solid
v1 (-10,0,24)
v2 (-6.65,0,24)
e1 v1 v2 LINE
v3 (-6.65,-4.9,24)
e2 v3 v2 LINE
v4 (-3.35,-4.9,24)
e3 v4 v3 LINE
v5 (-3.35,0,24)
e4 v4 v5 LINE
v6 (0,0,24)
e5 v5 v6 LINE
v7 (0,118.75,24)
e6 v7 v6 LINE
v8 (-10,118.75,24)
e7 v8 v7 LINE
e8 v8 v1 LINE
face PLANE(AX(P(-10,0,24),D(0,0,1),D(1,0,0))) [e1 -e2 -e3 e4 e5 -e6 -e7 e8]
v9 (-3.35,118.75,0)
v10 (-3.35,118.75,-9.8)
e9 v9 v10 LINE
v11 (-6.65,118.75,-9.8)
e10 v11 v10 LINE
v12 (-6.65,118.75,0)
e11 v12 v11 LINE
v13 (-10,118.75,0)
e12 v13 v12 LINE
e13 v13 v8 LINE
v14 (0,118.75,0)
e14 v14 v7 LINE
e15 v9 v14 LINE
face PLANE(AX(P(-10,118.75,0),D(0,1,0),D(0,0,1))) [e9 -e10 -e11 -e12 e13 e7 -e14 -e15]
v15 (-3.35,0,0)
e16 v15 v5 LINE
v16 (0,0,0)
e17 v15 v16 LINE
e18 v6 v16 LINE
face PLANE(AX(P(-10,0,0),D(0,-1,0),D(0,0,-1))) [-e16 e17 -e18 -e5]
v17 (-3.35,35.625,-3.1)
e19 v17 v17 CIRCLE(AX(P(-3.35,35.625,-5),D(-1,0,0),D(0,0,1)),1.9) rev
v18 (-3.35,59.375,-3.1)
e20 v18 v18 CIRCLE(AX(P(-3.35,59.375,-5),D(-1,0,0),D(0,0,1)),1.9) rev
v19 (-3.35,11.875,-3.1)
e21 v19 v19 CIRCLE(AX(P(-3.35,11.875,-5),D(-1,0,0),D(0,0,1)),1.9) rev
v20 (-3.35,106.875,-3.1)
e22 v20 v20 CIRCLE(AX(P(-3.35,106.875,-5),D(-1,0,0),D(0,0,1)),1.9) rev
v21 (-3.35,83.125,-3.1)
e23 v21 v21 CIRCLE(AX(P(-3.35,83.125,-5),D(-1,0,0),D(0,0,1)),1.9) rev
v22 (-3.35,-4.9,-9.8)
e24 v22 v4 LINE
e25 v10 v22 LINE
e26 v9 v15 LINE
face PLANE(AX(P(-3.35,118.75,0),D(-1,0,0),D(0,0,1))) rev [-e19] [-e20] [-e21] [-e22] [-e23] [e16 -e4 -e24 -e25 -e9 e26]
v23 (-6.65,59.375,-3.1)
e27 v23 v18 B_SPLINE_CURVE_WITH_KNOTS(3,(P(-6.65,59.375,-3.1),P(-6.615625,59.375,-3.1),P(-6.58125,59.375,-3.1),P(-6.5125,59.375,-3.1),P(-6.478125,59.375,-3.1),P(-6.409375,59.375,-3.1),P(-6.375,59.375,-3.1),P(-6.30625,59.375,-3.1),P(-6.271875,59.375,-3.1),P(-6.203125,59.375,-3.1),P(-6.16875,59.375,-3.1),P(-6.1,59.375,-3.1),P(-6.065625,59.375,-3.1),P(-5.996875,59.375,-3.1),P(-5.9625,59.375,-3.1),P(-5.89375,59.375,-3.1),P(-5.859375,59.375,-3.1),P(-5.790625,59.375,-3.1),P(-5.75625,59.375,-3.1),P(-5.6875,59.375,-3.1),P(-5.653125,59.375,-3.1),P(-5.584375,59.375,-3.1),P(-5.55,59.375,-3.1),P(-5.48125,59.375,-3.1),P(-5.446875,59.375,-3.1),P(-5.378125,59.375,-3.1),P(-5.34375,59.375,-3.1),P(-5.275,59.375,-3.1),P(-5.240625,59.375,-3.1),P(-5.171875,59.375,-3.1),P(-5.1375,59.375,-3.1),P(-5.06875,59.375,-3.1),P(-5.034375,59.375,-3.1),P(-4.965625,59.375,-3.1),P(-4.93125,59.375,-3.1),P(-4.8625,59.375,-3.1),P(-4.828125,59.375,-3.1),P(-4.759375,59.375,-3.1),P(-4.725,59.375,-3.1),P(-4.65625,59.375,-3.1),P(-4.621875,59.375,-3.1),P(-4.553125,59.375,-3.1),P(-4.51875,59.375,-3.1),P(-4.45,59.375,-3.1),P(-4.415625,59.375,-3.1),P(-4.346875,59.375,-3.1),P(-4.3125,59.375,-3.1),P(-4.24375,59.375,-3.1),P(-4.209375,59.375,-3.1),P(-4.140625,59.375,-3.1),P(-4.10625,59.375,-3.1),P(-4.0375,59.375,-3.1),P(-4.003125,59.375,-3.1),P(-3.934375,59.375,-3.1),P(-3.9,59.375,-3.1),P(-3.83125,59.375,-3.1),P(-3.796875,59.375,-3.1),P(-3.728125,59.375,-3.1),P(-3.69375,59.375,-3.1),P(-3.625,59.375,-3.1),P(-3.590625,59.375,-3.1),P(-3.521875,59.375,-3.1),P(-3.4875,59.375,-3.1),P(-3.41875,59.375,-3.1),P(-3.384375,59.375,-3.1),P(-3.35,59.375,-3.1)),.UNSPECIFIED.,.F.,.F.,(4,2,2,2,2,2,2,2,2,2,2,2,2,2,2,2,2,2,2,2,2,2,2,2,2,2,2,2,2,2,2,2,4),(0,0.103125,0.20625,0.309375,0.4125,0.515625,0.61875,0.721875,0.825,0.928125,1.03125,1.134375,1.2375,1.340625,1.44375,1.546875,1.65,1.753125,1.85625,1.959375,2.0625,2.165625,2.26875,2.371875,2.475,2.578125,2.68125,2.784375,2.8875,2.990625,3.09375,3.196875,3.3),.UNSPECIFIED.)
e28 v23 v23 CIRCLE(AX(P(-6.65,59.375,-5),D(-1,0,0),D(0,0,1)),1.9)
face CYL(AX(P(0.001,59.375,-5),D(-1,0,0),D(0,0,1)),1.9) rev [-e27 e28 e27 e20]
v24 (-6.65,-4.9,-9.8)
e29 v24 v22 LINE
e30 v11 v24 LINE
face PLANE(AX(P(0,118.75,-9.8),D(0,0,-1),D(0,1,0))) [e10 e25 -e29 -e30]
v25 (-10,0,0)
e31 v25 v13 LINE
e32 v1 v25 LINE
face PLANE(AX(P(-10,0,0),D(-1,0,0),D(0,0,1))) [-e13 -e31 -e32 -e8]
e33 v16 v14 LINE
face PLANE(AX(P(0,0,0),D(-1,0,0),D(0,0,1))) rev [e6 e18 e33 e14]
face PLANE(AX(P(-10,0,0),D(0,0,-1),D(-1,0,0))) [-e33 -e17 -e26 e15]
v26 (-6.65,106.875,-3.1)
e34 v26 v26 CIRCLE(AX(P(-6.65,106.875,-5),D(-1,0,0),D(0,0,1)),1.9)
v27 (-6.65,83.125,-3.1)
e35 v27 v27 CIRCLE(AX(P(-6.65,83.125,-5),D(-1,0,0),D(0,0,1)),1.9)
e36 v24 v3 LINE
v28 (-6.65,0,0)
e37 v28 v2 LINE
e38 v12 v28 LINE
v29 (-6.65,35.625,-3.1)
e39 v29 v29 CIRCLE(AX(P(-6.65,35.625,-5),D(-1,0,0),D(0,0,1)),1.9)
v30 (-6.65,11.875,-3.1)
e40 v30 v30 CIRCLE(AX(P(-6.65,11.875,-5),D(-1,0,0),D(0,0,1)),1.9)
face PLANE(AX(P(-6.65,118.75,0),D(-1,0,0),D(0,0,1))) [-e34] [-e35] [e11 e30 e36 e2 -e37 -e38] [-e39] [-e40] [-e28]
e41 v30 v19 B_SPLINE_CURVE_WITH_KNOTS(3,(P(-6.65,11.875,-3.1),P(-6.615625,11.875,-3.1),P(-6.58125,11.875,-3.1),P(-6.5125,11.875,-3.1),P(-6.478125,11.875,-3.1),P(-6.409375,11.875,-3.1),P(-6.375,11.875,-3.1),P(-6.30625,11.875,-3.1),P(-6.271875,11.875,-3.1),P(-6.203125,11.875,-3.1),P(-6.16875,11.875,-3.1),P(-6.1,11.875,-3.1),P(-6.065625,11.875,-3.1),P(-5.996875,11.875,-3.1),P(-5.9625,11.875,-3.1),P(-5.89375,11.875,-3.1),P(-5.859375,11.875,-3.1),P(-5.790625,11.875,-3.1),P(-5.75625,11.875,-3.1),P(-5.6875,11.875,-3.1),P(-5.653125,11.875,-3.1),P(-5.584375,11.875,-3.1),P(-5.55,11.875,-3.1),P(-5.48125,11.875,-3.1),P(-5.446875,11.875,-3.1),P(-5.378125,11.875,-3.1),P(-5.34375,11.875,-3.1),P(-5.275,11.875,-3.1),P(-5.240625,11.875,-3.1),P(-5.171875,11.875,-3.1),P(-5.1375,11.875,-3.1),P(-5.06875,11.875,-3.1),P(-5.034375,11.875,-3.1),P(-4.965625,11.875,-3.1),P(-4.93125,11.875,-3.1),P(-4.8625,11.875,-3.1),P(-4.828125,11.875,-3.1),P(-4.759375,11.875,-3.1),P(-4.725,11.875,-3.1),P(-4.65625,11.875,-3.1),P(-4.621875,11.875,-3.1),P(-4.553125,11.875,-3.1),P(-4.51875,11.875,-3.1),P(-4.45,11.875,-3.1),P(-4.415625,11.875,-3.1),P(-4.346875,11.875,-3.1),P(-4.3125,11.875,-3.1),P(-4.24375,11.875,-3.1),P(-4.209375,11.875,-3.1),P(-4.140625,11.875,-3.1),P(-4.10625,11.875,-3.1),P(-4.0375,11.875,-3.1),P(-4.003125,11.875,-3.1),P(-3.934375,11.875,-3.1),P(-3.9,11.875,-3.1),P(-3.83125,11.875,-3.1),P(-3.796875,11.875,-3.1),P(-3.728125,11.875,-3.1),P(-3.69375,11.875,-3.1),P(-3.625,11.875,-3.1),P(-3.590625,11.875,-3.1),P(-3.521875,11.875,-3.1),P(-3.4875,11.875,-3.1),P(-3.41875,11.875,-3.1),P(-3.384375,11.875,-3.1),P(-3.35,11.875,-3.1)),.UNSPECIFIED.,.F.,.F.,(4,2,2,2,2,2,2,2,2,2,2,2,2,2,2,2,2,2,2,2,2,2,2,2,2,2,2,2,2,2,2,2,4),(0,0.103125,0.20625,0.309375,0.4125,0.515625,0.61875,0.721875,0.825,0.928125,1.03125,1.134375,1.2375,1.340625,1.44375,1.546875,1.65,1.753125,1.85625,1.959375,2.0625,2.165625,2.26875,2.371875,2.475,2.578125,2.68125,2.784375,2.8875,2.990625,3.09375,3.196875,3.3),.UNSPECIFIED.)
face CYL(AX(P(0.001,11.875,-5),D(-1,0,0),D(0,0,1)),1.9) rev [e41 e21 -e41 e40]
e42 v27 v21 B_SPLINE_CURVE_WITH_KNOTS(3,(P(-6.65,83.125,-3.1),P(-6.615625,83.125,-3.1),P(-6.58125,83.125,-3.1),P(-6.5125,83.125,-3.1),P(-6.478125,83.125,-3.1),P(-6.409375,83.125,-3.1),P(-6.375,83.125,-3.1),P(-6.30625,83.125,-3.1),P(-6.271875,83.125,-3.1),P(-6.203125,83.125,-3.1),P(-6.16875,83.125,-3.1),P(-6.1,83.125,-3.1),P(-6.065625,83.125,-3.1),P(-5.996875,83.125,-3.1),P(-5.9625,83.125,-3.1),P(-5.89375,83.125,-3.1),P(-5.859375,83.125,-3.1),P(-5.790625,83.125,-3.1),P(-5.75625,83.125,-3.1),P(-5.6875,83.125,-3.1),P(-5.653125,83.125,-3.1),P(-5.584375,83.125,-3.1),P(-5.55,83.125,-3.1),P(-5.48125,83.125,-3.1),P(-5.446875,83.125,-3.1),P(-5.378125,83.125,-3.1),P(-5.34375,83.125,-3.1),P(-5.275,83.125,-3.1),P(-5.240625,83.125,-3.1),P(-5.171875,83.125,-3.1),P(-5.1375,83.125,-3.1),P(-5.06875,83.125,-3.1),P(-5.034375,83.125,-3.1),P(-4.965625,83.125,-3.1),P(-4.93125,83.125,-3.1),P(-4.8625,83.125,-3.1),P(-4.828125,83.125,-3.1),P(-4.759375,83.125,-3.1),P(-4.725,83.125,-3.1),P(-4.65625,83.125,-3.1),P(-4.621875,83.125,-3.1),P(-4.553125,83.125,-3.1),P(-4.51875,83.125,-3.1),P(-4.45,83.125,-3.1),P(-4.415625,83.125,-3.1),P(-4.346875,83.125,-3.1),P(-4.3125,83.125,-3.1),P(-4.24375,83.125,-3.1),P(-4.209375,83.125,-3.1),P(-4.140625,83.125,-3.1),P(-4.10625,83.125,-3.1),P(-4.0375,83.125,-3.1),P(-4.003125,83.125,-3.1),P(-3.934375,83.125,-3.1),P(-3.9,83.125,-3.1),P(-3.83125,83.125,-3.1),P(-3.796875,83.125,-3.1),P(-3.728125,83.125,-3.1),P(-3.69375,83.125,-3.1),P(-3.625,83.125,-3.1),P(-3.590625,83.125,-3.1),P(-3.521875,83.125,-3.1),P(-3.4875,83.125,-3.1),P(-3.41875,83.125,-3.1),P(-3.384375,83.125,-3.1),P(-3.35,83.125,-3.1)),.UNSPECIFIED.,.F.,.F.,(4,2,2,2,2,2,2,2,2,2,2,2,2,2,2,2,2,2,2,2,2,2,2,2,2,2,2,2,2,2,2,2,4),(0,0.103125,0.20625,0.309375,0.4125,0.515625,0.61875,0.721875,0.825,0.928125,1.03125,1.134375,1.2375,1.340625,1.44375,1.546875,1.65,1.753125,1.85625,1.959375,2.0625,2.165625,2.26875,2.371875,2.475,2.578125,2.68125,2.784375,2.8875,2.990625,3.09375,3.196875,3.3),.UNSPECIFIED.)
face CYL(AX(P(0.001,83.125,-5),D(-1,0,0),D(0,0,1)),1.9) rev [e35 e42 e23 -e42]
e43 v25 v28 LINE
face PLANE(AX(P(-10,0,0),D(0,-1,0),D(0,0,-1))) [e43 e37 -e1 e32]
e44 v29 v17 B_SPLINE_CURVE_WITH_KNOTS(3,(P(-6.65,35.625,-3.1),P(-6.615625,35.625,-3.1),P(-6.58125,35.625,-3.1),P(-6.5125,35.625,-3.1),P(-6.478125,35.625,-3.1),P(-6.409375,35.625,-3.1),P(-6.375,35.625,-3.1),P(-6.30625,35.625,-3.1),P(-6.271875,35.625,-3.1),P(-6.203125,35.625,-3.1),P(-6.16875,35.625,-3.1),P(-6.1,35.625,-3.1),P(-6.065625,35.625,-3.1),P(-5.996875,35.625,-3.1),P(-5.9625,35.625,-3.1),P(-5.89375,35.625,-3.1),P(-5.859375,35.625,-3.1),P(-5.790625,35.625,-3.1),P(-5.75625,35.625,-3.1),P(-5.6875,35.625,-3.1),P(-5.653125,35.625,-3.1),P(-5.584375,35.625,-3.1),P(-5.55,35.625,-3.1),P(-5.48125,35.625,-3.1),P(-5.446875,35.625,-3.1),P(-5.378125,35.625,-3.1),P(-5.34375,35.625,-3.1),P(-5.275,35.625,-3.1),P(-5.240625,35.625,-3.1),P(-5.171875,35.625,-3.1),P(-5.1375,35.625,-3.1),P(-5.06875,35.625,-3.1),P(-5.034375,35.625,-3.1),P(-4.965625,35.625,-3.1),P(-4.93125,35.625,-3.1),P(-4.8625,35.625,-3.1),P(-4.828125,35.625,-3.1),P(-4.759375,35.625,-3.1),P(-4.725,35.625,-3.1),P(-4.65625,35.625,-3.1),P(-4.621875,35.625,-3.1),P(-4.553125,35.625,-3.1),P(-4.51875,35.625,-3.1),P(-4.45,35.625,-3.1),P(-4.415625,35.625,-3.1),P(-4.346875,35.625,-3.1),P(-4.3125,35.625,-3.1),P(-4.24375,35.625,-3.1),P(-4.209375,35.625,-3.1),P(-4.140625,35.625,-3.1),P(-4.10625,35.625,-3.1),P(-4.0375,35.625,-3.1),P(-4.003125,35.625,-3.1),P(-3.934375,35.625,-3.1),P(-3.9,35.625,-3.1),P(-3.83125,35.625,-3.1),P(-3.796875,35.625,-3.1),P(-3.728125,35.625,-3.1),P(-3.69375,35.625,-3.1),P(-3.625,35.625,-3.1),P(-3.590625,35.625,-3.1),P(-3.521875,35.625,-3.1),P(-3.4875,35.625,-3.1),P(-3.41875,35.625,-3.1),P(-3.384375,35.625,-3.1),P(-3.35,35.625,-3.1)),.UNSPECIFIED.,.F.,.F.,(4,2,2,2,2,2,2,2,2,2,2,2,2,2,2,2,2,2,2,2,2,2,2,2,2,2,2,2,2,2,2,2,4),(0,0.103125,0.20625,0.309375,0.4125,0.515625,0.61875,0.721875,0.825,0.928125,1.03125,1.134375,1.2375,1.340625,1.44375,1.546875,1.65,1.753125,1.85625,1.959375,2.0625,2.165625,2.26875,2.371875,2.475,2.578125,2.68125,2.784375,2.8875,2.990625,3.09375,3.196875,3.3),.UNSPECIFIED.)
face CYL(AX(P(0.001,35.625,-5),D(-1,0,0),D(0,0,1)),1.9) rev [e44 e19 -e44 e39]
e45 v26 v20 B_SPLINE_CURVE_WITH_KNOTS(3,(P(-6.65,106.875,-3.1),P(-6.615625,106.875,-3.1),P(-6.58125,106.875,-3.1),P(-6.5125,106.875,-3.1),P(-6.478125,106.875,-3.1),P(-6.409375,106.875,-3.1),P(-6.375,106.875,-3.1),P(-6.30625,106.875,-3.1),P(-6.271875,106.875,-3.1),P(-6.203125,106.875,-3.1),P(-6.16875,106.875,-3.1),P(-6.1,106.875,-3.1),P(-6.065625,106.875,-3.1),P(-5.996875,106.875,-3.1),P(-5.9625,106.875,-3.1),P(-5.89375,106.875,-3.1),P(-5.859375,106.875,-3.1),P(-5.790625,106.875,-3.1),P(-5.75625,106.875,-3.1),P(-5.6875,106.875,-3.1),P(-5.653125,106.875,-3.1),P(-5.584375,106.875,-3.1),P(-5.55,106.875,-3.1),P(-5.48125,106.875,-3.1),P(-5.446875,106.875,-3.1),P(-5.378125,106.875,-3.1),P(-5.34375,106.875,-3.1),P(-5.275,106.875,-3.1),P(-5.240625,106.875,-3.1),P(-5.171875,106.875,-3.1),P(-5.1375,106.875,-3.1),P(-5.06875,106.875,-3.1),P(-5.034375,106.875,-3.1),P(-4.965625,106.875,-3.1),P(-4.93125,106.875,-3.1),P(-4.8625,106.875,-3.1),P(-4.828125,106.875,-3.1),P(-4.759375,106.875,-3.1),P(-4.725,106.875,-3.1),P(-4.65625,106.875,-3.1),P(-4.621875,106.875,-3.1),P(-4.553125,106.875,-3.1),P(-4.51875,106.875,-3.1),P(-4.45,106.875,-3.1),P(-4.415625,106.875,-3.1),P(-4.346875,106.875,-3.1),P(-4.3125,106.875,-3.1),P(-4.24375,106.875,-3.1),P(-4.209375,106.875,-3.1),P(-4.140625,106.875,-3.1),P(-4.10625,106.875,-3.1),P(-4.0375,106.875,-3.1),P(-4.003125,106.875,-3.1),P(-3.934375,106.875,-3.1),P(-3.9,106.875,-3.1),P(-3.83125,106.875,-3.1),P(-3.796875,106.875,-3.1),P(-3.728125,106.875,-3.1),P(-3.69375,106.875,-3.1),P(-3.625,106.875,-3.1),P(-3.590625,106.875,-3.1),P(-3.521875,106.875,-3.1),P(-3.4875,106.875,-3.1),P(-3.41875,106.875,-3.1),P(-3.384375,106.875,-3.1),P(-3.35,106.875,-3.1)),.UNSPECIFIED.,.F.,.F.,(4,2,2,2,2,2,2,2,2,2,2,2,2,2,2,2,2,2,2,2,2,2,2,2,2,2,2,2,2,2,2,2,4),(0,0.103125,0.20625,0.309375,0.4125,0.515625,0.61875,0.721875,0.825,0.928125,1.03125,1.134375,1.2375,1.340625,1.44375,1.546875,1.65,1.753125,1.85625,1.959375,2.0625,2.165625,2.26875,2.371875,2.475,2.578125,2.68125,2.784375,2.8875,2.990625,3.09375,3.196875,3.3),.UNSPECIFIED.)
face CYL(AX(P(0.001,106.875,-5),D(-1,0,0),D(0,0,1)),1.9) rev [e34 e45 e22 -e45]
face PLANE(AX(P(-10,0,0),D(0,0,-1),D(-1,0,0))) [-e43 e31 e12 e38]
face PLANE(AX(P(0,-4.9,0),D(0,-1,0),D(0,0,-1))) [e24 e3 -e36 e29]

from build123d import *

# Parameters (mm, degrees)
SKETCH1_W           = 118.75
SKETCH1_H           = 24
BOSS_EXTRUDE1_DEPTH = 10
SKETCH2_W           = 3.3
SKETCH2_H           = 9.8
BOSS_EXTRUDE2_DEPTH = 118.75
SKETCH3_W           = 3.3
SKETCH3_H           = 33.8
BOSS_EXTRUDE3_DEPTH = 4.9
CUT_EXTRUDE1_REACH  = 123.333
SKETCH4_R           = 1.9
LPATTERN1_COUNT     = 5
LPATTERN1_PITCH     = 23.75


with BuildPart() as part:
    # Sketch1 → Boss-Extrude1 (new body)
    with BuildSketch(Plane.YZ):
        with Locations((59.375, 12)):
            Rectangle(SKETCH1_W, SKETCH1_H)
    extrude(amount=-BOSS_EXTRUDE1_DEPTH)

    # Sketch2 → Boss-Extrude2 (add, through all)
    with BuildSketch(Plane.XZ):
        with Locations((-5, -4.9)):
            Rectangle(SKETCH2_W, SKETCH2_H)
    extrude(amount=-BOSS_EXTRUDE2_DEPTH)

    # Sketch3 → Boss-Extrude3 (add)
    with BuildSketch(Plane.XZ):
        with Locations((-5, 7.1)):
            Rectangle(SKETCH3_W, SKETCH3_H)
    extrude(amount=BOSS_EXTRUDE3_DEPTH)

    # Sketch4 → Cut-Extrude1 (cut, up to next)
    with BuildSketch(Plane(origin=(-6.65, 0, 0), x_dir=(0, -1, 0), z_dir=(-1, 0, 0)), mode=Mode.PRIVATE) as cut_extrude1_sk1:
        with Locations(Location((-106.875, -5, 0), (0, 0, 90))):
            Circle(SKETCH4_R)
    cut_extrude1_tool1 = extrude(cut_extrude1_sk1.sketch, amount=-CUT_EXTRUDE1_REACH, mode=Mode.PRIVATE) & part.part
    cut_extrude1 = cut_extrude1_tool1.solids().sort_by_distance((-6.65, 106.875, -5))[0]
    add(cut_extrude1, mode=Mode.SUBTRACT)

    # LPattern1: Cut-Extrude1 ×5
    with Locations(*[(0, -i * LPATTERN1_PITCH, 0) for i in range(1, LPATTERN1_COUNT)]):
        add(cut_extrude1, mode=Mode.SUBTRACT)


solid = part.part
